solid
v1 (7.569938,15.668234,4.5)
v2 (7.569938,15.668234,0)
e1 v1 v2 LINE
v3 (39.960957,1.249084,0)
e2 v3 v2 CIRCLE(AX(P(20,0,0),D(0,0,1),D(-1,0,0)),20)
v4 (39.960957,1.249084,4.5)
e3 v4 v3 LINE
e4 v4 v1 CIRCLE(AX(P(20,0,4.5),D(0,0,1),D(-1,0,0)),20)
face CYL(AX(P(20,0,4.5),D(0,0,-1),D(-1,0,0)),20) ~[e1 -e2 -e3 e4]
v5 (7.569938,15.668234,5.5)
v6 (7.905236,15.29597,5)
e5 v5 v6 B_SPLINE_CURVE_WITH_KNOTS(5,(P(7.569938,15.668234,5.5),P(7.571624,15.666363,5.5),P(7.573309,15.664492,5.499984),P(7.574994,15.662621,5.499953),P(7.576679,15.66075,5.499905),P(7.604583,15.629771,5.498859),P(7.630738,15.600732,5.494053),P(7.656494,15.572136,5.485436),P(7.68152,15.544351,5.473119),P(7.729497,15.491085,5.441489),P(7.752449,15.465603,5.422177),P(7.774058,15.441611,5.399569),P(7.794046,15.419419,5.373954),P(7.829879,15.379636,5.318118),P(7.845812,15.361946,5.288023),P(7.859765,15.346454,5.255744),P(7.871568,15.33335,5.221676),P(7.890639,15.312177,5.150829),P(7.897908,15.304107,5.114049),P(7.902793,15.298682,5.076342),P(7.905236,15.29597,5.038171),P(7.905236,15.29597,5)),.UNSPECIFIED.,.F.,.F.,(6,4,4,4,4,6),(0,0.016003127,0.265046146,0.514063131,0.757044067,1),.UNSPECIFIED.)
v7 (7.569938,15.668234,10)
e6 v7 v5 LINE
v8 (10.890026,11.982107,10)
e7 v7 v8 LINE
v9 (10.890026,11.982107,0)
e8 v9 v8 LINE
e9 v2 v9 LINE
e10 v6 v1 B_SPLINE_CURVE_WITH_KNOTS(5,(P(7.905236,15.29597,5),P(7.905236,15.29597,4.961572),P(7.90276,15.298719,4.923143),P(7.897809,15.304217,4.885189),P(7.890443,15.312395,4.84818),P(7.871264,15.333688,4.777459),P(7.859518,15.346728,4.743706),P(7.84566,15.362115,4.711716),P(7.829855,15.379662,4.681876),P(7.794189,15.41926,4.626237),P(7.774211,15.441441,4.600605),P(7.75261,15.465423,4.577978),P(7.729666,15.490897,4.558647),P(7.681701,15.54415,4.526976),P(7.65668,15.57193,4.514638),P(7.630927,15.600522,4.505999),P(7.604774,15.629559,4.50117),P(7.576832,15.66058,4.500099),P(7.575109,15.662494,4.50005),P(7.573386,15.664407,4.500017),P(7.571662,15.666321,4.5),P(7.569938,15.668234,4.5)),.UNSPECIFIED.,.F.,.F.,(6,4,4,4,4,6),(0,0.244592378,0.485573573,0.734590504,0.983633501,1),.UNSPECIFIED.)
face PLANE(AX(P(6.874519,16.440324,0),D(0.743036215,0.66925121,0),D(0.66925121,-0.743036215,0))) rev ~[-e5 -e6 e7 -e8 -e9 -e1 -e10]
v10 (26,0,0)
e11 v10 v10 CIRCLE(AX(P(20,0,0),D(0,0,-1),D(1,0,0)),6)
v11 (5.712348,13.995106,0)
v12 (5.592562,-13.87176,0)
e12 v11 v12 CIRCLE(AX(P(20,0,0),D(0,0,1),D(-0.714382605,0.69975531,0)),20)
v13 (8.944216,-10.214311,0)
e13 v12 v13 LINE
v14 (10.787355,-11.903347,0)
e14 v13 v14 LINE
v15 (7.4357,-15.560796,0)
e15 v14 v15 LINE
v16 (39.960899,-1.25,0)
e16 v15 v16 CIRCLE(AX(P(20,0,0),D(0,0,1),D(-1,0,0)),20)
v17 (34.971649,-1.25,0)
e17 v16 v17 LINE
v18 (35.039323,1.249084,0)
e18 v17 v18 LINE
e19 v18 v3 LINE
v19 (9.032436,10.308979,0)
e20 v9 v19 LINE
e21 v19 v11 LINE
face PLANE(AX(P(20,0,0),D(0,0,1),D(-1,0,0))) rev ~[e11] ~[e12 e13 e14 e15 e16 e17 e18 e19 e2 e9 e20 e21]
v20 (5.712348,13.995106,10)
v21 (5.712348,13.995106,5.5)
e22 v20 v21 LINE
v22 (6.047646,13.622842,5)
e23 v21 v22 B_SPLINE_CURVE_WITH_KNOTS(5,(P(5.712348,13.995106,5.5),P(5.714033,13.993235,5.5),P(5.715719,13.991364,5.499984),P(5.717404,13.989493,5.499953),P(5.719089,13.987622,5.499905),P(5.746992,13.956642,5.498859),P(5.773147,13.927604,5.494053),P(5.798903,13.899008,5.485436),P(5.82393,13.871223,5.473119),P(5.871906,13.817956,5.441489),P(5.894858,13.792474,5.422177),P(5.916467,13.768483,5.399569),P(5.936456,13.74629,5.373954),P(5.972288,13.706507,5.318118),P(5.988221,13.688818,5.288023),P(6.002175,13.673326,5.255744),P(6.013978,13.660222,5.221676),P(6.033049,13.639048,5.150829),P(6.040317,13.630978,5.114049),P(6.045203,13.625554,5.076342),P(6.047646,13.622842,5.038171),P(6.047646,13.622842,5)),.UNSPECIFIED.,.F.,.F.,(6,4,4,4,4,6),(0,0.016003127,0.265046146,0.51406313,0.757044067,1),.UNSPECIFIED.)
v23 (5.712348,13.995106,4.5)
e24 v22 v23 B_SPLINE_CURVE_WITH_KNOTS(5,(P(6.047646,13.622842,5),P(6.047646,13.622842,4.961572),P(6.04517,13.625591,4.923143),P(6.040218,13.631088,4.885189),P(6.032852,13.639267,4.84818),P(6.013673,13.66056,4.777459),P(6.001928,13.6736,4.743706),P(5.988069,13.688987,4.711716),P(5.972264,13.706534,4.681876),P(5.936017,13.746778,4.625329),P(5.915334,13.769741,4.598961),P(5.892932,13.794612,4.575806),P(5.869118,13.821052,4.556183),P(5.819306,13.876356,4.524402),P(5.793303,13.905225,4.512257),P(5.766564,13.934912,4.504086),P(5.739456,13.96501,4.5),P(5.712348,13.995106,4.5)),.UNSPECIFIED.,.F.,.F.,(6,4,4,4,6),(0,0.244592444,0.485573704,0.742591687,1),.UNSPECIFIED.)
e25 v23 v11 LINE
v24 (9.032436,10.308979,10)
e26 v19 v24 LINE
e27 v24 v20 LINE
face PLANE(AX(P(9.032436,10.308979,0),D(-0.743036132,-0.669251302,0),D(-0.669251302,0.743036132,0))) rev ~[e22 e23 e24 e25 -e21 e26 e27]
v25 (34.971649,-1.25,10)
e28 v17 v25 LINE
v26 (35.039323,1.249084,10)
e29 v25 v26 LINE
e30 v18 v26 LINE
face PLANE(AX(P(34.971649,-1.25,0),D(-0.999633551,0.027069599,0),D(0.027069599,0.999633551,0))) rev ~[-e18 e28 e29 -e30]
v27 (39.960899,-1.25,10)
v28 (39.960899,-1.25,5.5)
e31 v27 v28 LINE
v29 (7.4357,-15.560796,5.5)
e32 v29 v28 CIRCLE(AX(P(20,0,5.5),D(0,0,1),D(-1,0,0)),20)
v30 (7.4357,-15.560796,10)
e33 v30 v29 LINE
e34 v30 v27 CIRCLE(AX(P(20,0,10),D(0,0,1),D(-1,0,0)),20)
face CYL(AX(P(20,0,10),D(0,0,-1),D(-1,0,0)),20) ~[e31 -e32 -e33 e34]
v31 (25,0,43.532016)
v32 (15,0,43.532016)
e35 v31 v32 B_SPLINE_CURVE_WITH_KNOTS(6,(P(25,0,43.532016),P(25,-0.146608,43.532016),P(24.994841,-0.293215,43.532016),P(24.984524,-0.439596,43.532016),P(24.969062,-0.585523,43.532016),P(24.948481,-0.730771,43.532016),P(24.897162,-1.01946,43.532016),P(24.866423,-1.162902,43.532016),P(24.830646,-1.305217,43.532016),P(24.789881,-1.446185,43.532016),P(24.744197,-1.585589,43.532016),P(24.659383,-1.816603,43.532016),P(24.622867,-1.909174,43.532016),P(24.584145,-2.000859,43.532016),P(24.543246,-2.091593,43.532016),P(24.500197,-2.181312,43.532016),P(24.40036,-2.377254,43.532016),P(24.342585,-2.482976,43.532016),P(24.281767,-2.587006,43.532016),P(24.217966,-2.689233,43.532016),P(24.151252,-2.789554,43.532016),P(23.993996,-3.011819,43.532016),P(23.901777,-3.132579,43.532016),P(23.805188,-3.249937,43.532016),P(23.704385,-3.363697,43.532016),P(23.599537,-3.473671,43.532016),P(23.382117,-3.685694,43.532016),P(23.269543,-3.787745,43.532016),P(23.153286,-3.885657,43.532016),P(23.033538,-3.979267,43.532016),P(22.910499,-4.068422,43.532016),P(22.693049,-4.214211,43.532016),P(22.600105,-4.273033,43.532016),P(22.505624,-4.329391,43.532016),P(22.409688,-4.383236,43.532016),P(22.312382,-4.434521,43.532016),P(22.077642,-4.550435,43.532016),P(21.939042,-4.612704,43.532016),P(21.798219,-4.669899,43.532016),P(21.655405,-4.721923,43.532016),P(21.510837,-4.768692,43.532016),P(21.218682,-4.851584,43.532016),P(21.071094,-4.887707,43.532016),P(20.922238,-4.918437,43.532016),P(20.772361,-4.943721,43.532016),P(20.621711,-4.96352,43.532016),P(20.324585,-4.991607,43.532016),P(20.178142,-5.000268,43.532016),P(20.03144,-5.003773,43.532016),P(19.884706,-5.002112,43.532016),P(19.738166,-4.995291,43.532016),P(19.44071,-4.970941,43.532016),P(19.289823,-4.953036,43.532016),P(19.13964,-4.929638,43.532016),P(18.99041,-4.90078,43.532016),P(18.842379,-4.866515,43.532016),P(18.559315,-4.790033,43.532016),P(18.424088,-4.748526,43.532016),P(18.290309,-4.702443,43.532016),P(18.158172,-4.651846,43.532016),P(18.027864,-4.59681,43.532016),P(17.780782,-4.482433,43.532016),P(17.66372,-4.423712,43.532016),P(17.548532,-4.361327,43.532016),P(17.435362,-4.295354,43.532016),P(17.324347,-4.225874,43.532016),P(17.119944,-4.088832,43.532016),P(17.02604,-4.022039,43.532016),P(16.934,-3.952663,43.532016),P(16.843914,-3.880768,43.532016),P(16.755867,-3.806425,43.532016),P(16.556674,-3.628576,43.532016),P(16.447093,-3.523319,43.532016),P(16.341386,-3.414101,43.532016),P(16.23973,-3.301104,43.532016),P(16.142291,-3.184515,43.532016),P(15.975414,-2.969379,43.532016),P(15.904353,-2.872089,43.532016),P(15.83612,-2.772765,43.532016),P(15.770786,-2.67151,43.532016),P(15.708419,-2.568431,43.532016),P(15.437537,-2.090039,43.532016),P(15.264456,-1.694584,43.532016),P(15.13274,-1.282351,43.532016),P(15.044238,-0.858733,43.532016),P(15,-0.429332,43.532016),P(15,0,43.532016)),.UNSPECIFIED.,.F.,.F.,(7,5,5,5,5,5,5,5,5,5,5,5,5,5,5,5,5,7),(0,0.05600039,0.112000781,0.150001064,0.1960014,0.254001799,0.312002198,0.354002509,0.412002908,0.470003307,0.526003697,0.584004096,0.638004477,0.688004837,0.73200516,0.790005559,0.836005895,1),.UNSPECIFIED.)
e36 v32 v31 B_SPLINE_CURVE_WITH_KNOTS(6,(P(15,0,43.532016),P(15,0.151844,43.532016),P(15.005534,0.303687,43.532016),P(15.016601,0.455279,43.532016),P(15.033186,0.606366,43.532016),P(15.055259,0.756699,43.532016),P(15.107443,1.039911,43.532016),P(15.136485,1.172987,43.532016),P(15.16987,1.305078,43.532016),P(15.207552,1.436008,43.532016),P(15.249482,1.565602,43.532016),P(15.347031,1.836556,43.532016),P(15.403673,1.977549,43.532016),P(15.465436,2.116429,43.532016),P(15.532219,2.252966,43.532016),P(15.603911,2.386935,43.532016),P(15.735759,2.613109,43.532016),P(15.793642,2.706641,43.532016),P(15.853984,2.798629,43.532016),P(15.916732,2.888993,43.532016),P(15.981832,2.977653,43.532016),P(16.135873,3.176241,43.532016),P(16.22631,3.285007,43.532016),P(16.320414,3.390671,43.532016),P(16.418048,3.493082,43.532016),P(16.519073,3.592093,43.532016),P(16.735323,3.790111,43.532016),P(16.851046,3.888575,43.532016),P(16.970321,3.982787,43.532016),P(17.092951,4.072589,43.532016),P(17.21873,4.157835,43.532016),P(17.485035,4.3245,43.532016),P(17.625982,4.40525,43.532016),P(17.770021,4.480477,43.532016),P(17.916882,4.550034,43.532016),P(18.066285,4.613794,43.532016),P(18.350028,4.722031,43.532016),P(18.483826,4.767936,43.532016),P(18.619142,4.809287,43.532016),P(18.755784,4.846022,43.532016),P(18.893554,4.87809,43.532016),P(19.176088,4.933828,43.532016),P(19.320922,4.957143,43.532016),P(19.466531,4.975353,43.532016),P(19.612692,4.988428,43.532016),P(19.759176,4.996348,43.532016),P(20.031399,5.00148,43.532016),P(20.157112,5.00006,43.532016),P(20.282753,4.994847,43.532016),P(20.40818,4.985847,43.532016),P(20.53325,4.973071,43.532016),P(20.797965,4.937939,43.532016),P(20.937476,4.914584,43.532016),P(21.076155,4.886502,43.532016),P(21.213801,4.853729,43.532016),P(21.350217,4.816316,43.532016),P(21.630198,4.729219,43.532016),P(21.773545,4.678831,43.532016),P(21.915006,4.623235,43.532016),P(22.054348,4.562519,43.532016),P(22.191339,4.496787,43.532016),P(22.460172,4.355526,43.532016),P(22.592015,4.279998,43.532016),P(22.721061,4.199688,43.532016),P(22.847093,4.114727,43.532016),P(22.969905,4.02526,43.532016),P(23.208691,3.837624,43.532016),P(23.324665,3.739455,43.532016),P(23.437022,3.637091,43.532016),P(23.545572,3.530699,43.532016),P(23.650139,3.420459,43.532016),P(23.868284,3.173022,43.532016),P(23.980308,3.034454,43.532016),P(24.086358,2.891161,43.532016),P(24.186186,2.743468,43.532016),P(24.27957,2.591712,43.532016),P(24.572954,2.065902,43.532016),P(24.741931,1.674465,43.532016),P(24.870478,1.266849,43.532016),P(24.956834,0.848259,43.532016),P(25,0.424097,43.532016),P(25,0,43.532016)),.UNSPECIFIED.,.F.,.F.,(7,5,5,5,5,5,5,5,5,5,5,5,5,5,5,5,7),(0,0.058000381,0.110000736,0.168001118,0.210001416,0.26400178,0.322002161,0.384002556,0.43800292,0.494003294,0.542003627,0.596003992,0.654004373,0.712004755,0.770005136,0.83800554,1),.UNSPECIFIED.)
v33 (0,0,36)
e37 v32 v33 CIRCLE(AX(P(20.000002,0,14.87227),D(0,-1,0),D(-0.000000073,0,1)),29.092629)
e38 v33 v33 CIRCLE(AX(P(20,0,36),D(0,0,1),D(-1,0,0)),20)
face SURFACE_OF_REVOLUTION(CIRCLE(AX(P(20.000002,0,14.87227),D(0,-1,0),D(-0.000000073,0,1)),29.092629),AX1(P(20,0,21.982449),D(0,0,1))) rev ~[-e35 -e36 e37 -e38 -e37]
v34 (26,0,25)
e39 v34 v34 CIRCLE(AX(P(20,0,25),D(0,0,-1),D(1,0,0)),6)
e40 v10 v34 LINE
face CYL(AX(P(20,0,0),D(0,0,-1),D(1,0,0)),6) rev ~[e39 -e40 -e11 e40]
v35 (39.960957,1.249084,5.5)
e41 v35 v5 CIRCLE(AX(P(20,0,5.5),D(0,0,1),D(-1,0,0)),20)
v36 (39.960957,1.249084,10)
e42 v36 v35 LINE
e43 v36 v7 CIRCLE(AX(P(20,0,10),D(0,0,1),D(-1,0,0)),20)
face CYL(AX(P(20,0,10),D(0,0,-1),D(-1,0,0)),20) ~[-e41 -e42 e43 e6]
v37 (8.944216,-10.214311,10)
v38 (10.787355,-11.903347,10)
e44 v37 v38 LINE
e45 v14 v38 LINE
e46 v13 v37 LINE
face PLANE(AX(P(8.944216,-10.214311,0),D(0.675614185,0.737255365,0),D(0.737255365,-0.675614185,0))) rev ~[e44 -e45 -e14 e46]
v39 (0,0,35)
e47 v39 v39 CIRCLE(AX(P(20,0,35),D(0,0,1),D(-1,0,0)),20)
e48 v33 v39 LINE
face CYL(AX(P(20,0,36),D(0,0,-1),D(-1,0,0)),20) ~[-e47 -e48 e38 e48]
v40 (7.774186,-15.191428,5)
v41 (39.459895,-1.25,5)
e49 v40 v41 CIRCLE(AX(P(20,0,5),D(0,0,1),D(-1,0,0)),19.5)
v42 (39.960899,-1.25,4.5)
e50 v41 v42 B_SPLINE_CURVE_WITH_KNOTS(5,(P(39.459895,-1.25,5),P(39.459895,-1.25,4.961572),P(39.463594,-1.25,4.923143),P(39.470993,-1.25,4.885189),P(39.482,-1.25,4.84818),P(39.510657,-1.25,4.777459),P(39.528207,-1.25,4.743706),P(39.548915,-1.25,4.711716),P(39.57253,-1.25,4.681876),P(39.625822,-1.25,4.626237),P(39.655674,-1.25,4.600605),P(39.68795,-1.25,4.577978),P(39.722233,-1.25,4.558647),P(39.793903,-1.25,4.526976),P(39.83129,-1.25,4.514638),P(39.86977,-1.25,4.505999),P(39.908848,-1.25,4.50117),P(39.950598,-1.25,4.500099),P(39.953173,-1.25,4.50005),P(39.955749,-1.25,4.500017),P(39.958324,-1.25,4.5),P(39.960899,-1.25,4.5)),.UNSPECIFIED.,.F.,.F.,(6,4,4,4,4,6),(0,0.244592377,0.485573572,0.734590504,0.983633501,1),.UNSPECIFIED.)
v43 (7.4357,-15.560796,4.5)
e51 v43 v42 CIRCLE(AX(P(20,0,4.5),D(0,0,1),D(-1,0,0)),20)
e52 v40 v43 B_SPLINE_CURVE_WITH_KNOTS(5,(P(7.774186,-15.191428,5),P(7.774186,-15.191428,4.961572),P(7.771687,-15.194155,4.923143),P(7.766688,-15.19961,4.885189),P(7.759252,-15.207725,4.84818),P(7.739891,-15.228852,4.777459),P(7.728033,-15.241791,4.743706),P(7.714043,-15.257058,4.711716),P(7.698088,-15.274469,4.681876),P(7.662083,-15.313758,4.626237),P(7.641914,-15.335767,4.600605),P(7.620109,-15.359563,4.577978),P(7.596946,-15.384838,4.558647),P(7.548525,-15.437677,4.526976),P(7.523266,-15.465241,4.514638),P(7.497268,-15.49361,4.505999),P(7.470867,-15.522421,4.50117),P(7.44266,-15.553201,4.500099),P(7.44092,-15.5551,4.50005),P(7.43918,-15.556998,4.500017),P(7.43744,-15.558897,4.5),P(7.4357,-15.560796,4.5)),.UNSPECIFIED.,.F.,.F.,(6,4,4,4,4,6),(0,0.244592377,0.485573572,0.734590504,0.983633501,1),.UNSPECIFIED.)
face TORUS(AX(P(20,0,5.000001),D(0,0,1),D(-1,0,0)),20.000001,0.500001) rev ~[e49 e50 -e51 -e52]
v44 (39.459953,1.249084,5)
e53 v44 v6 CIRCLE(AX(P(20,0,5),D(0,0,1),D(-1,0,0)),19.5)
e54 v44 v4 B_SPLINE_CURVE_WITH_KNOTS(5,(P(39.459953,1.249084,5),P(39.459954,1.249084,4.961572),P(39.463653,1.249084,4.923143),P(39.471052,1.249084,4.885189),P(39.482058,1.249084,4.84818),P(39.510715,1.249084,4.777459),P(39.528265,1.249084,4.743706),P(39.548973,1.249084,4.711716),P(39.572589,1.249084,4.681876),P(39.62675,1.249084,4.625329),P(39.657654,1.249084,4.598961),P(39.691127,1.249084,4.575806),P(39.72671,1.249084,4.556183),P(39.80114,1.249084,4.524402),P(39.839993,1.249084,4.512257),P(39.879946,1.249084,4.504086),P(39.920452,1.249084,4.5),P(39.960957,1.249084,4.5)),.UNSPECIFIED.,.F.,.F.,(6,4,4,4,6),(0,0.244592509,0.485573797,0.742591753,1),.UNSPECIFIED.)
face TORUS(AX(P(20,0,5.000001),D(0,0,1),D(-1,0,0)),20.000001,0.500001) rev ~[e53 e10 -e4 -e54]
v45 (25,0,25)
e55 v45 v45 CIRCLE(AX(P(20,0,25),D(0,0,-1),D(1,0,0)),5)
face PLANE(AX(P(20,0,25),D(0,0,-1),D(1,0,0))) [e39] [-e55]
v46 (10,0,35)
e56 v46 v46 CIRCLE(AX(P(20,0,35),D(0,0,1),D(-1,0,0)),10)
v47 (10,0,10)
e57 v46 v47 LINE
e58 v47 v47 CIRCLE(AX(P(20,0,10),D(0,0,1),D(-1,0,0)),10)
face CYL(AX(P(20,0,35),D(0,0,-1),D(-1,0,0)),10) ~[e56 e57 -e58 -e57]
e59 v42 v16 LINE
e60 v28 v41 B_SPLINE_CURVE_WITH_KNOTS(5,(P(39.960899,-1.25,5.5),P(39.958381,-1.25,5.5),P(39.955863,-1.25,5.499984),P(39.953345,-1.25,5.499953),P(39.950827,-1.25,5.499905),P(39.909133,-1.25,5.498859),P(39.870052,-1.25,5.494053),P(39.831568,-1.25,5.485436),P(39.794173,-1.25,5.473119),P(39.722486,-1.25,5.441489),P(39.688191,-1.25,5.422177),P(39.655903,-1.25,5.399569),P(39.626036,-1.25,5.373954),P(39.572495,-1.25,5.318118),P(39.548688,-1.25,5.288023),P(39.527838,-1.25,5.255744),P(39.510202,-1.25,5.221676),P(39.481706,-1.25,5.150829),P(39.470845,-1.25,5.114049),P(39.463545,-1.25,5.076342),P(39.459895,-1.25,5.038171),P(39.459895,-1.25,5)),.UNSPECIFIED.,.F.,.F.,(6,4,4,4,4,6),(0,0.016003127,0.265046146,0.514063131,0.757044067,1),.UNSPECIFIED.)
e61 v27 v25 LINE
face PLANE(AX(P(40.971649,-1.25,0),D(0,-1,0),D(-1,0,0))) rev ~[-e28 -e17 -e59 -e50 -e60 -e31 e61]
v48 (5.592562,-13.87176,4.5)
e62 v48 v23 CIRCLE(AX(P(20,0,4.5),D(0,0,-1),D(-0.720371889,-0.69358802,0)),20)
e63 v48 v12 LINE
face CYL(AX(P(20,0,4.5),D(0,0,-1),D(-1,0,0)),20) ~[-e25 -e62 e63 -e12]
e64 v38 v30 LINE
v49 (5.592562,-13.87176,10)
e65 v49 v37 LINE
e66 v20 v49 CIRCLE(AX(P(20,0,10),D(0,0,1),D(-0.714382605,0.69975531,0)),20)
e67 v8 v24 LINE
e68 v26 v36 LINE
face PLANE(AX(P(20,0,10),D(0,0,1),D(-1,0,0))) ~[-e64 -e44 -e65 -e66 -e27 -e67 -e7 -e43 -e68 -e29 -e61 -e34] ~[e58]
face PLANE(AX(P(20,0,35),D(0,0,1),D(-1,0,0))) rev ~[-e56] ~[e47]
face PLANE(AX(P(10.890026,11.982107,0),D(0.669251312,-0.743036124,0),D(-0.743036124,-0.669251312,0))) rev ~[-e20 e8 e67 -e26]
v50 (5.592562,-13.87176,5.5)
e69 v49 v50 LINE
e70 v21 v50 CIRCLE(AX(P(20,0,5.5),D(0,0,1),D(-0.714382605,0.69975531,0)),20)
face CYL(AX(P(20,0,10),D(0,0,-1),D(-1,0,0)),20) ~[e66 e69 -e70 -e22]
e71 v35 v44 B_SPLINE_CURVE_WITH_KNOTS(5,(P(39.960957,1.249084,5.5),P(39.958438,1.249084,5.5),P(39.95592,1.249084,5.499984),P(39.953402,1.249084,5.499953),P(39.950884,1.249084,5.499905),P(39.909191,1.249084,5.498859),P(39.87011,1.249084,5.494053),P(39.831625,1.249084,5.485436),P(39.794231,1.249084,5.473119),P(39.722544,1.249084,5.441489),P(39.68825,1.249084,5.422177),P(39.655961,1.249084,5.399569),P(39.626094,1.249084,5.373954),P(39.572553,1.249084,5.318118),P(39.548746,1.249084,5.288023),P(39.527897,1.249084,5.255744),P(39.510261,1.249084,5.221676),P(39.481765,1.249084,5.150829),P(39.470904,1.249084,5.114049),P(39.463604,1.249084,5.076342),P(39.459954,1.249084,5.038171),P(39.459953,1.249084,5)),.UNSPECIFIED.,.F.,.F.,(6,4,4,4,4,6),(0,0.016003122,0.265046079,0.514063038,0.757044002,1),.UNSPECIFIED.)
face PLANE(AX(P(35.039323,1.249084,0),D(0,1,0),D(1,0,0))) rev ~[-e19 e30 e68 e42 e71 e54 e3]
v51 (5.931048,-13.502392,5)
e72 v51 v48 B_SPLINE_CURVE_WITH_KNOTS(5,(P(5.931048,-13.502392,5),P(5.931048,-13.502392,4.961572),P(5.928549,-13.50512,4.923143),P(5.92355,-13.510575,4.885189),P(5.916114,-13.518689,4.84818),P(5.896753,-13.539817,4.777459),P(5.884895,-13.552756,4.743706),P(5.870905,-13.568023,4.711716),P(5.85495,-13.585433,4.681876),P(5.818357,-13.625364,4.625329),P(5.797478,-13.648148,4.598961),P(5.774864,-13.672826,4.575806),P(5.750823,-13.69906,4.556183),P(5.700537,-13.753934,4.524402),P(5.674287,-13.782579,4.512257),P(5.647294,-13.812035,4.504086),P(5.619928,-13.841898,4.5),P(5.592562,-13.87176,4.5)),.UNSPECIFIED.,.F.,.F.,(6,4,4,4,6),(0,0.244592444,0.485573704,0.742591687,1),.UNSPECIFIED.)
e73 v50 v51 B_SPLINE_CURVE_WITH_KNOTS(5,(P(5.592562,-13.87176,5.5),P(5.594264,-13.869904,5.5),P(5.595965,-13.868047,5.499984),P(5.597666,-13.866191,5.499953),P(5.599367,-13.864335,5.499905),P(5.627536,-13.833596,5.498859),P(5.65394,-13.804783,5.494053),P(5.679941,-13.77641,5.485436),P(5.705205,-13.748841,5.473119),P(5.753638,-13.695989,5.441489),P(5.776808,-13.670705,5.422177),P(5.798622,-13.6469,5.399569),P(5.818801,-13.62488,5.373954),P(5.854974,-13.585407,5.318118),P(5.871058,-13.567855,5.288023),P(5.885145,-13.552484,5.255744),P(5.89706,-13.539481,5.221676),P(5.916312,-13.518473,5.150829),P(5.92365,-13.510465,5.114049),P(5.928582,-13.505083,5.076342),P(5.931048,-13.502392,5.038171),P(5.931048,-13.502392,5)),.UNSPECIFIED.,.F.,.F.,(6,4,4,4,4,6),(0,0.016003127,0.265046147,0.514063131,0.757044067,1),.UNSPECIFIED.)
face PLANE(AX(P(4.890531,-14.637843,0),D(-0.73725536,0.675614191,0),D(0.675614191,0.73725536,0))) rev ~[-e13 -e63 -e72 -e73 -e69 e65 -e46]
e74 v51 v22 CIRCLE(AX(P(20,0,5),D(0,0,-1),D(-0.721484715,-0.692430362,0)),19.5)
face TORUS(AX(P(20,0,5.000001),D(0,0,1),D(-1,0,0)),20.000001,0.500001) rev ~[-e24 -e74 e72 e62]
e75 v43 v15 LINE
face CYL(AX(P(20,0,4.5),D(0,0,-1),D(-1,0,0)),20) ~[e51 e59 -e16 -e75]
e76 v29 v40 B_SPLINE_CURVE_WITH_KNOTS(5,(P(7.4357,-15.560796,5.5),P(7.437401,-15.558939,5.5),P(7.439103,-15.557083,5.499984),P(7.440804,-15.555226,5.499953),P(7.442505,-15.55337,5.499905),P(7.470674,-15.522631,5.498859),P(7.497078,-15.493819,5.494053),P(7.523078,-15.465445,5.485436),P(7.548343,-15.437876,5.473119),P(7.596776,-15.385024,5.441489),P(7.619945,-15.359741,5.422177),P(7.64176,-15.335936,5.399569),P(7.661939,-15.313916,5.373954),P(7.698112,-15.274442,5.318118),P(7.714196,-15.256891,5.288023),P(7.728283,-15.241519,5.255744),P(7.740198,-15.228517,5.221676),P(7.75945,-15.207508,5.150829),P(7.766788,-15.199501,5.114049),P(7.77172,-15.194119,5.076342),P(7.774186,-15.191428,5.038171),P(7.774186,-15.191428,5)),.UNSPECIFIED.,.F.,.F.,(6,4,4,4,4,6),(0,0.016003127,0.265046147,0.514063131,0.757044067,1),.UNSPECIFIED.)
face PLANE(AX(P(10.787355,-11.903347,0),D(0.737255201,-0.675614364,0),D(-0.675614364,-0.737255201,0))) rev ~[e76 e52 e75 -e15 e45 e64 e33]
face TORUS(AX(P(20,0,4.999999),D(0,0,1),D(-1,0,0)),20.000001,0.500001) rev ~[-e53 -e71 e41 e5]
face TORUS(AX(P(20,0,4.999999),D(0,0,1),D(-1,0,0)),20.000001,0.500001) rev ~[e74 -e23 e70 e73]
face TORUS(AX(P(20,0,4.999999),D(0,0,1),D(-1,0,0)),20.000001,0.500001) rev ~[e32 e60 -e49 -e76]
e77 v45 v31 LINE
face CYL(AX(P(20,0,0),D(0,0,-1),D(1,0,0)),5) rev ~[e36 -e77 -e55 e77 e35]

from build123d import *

# Parameters (mm, degrees)
F2_R     = 5
F3_DEPTH = 43.9649
F4_R     = 6
F5_DEPTH = 25


with BuildPart() as f1:
    # F0 (on Front) → F1 (revolve)
    with BuildSketch(Plane.XZ):
        with BuildLine():
            Line((0, 4.5), (0, 0))
            Line((0, 0), (20, 0))
            Line((20, 0), (20, 43.964899))
            ThreePointArc((20, 43.964899), (9.236176, 41.900424), (0, 36))
            Line((0, 36), (0, 35))
            Line((0, 35), (10, 35))
            Line((10, 35), (10, 10))
            Line((10, 10), (0, 10))
            Line((0, 10), (0, 5.5))
            ThreePointArc((0, 5.5), (0.353553, 5.353553), (0.5, 5))
            ThreePointArc((0.5, 5), (0.353553, 4.646447), (0, 4.5))
        make_face()
    revolve(axis=Axis((20, 0, 21.982449), (0, 0, 1)))

    # F2 (on face) → F3 (cut)
    with BuildSketch(Plane(origin=(0, 0, 0), x_dir=(1, 0, 0), z_dir=(0, 0, -1))):
        with Locations((20, 0)):
            Circle(F2_R)
    extrude(amount=-F3_DEPTH, mode=Mode.SUBTRACT)

    # F4 (on face) → F5 (cut)
    with BuildSketch(Plane(origin=(0, 0, 0), x_dir=(1, 0, 0), z_dir=(0, 0, -1))):
        with Locations((20, 0)):
            Circle(F4_R)
        Polygon((8.944216, 10.214311), (10.787355, 11.903347), (6.733669, 16.326878), (4.890531, 14.637843), align=None)
        Polygon((35.039323, -1.249084), (41.039323, -1.249084), (40.971649, 1.25), (34.971649, 1.25), align=None)
        Polygon((9.032436, -10.308979), (5.016928, -14.767196), (6.874519, -16.440324), (10.890026, -11.982107), align=None)
    extrude(amount=-F5_DEPTH, mode=Mode.SUBTRACT)


solid = f1.part
